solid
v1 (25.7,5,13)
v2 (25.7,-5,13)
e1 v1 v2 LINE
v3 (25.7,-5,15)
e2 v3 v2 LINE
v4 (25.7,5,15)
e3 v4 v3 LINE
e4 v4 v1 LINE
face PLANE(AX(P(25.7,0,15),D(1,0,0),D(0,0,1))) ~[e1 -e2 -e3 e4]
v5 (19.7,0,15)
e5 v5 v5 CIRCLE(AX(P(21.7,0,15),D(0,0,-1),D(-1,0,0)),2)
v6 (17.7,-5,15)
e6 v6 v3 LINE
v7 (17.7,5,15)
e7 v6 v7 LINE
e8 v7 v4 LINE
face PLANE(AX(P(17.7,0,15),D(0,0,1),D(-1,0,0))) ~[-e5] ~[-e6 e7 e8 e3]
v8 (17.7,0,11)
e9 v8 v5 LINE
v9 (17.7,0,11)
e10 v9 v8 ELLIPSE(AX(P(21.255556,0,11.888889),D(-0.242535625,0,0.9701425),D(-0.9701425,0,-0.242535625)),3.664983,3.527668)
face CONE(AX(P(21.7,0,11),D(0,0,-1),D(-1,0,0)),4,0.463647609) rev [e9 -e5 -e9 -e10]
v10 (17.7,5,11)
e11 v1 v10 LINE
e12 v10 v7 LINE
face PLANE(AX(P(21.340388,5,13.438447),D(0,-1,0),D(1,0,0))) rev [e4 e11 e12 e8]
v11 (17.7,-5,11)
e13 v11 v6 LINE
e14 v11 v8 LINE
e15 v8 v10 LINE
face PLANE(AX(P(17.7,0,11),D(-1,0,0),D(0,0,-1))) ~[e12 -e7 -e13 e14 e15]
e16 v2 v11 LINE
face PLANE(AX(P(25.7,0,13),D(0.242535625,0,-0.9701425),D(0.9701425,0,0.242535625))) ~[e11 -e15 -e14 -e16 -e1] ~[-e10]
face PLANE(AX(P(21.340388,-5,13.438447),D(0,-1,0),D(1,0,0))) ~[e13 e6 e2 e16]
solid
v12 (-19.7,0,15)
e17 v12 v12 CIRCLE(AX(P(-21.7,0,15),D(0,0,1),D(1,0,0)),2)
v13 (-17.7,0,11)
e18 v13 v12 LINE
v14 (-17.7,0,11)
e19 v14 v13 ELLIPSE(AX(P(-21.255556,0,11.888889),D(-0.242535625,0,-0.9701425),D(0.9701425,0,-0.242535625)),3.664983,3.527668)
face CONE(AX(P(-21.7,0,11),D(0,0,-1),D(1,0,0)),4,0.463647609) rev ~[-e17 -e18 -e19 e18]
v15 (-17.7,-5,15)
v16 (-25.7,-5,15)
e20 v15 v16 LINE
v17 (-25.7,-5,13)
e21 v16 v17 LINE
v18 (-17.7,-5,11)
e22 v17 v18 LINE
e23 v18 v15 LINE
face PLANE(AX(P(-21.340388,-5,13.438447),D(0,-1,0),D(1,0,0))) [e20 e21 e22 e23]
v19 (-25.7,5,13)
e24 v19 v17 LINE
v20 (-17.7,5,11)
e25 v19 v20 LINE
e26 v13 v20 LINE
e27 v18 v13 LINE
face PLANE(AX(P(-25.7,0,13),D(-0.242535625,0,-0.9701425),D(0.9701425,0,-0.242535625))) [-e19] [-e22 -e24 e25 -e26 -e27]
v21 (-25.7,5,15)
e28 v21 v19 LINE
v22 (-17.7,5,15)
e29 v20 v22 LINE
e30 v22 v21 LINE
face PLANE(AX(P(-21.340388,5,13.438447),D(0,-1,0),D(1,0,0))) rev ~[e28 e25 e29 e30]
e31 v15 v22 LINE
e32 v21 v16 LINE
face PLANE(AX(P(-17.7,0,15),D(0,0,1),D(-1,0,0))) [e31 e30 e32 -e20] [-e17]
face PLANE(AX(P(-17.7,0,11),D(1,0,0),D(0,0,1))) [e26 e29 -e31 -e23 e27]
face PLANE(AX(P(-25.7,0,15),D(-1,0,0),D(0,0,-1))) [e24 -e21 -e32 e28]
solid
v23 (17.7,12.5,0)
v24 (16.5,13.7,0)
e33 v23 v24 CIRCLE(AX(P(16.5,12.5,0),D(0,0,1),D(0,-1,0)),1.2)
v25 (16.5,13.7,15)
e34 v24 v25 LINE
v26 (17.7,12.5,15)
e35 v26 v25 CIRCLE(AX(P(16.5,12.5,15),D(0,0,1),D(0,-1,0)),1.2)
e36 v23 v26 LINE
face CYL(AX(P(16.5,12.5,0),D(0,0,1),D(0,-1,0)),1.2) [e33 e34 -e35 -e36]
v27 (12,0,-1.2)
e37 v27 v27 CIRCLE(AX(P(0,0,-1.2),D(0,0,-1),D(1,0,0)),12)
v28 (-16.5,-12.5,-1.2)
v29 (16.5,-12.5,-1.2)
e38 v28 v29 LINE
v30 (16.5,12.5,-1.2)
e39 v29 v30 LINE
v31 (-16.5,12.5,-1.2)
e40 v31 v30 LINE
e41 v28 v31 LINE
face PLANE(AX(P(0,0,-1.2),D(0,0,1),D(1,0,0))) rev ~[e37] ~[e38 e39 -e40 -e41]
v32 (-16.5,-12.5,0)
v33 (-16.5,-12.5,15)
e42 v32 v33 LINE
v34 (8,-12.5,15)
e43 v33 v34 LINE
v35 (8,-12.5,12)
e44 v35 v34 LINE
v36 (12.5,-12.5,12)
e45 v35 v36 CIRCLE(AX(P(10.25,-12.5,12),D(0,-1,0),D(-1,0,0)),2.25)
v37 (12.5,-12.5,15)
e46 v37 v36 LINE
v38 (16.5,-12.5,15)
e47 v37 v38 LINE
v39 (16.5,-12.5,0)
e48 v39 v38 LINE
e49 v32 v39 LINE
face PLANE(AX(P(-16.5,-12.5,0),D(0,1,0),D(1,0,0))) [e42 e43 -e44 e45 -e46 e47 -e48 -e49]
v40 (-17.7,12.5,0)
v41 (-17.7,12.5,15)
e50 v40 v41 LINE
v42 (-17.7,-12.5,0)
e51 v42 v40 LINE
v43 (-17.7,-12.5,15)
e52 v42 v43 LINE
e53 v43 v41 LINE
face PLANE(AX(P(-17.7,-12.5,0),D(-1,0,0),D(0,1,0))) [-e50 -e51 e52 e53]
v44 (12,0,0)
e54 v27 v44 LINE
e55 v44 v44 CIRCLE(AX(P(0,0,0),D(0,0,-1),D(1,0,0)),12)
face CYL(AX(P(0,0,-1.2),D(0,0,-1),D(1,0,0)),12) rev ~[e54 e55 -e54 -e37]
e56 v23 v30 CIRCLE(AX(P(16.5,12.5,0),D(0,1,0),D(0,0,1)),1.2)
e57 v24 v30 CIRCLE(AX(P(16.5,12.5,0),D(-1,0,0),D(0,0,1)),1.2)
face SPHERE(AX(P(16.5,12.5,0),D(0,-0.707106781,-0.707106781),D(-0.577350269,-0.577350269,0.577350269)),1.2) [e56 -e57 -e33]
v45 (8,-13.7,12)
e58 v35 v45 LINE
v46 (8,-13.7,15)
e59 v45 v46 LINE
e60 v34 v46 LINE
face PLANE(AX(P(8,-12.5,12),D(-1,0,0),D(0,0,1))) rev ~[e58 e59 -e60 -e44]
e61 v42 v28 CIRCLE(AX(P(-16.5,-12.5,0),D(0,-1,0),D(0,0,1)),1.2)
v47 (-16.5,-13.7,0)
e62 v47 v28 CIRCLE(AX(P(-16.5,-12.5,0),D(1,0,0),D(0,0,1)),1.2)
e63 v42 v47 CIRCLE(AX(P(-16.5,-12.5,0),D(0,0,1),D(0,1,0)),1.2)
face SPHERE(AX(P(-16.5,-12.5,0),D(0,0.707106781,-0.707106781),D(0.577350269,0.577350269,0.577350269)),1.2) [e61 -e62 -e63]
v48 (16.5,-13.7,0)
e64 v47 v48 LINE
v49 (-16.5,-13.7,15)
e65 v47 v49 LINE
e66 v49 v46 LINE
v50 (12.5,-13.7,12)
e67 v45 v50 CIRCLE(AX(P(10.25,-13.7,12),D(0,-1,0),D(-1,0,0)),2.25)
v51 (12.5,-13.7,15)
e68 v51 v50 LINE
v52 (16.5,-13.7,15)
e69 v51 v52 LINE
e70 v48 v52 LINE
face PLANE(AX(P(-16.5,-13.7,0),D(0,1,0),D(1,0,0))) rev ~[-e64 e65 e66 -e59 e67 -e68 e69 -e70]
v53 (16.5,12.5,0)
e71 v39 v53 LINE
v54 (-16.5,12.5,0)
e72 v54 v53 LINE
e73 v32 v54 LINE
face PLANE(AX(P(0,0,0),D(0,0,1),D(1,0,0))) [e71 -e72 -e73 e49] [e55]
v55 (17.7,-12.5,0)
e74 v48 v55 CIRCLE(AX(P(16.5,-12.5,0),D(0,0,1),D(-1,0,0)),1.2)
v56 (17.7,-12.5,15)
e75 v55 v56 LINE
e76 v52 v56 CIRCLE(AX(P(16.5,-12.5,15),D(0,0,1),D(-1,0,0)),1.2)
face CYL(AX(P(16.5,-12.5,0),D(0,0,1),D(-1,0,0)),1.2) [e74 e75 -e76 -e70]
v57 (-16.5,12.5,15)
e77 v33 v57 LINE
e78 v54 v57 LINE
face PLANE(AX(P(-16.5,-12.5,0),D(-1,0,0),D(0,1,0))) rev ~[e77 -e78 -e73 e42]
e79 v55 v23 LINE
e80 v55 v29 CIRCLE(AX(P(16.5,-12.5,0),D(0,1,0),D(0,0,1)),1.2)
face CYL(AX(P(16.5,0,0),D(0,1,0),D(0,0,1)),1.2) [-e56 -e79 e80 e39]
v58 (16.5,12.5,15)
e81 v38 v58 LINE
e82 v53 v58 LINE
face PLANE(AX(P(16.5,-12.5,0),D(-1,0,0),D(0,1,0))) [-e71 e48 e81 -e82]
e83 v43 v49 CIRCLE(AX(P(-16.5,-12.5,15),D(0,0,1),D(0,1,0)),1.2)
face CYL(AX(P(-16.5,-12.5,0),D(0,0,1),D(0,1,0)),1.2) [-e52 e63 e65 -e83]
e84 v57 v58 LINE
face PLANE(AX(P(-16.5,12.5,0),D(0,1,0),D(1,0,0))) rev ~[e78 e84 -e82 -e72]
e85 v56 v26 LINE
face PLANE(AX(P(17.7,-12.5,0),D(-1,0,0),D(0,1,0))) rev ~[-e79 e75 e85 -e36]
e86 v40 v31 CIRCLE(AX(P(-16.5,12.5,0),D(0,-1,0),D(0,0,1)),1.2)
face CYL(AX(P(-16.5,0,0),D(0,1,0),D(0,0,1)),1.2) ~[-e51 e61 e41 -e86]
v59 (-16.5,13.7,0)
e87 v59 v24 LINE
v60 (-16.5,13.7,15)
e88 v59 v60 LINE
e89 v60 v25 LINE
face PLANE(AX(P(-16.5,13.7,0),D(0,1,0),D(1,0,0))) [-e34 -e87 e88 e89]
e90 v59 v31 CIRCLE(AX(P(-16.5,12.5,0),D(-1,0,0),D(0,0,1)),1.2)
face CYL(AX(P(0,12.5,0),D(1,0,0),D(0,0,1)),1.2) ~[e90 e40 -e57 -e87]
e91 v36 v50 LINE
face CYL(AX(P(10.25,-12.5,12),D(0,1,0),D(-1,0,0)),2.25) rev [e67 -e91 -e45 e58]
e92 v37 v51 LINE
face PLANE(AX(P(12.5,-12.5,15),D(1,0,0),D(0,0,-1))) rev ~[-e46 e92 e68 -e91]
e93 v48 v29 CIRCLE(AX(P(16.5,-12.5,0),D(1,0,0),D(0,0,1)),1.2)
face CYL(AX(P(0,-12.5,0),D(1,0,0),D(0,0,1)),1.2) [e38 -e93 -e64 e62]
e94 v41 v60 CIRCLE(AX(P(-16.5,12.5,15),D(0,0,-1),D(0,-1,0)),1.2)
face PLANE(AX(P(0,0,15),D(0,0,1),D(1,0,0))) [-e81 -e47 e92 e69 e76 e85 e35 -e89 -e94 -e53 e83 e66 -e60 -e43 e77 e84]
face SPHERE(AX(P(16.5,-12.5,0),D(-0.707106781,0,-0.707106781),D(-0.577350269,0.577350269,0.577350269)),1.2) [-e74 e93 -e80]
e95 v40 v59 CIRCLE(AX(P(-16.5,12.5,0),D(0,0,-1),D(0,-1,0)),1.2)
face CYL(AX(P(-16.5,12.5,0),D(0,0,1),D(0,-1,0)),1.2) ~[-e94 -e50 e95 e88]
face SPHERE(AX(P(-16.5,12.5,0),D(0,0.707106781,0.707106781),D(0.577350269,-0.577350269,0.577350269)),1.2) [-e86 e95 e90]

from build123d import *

# Parameters (mm, degrees)
PAD001_DEPTH = 5
PAD002_DEPTH = 1.2
SKETCH_W     = 33
SKETCH_H     = 25
PAD_DEPTH    = 15
THICKNESS_T  = 1.2
SKETCH001_R  = 12
POCKET_DEPTH = 16.201


with BuildPart() as tornillo:
    # Sketch003 → Revolution (revolve)
    with BuildSketch(Plane.XZ):
        Polygon((0, 15), (0, 11), (4, 11), (2, 15), align=None)
    revolve(axis=Axis((0, 0, 0), (0, 0, 1)))


with BuildPart() as tornillo_1:
    # Body002 placement: moved
    add(tornillo.part.moved(Location((-21.7, 0, 0))))


with BuildPart() as orejahueca:
    # Sketch002 → Pad001 (new body, symmetric)
    with BuildSketch(Plane.XZ):
        Polygon((-17.7, 15), (-25.7, 15), (-25.7, 13), (-17.7, 11), align=None)
    extrude(amount=PAD001_DEPTH, both=True)

    # Cut: cut Tornillo
    add(tornillo_1.part, mode=Mode.SUBTRACT)


with BuildPart() as orejareflejada:
    # Part__Mirroring: instance of OrejaHueca
    add(orejahueca.part.mirror(Plane(origin=(0, 0, 0), x_dir=(0, -1, 0), z_dir=(1, 0, 0))))


with BuildPart() as orejas:
    # Fusion base: copy of OrejaHueca
    add(orejahueca.part)

    # Fusion: union OrejaReflejada
    add(orejareflejada.part)


with BuildPart() as cablehole:
    # Sketch004 → Pad002 (new body)
    with BuildSketch(Plane.XZ.offset(12.5)):
        with BuildLine():
            Line((8, 15), (12.5, 15))
            Line((12.5, 15), (12.5, 12))
            ThreePointArc((8, 12), (10.25, 9.75), (12.5, 12))
            Line((8, 12), (8, 15))
        make_face()
    extrude(amount=PAD002_DEPTH)


with BuildPart() as casewithcablehole:
    # Sketch → Pad (new body)
    with BuildSketch(Plane.XY):
        Rectangle(SKETCH_W, SKETCH_H)
    extrude(amount=PAD_DEPTH)

    # Thickness
    thickness_openings = [casewithcablehole.faces().sort_by_distance(p)[0] for p in [
        (0, 0, 15),
    ]]
    offset(amount=THICKNESS_T, openings=thickness_openings)

    # Sketch001 (on Face16 of Thickness) → Pocket (cut, through all)
    with BuildSketch(Plane(origin=(0, 0, -1.2), x_dir=(1, 0, 0), z_dir=(0, 0, -1))):
        Circle(SKETCH001_R)
    extrude(amount=-POCKET_DEPTH, mode=Mode.SUBTRACT)

    # Cut001: cut CableHole
    add(cablehole.part, mode=Mode.SUBTRACT)


solid = Compound([orejas.part, casewithcablehole.part])
